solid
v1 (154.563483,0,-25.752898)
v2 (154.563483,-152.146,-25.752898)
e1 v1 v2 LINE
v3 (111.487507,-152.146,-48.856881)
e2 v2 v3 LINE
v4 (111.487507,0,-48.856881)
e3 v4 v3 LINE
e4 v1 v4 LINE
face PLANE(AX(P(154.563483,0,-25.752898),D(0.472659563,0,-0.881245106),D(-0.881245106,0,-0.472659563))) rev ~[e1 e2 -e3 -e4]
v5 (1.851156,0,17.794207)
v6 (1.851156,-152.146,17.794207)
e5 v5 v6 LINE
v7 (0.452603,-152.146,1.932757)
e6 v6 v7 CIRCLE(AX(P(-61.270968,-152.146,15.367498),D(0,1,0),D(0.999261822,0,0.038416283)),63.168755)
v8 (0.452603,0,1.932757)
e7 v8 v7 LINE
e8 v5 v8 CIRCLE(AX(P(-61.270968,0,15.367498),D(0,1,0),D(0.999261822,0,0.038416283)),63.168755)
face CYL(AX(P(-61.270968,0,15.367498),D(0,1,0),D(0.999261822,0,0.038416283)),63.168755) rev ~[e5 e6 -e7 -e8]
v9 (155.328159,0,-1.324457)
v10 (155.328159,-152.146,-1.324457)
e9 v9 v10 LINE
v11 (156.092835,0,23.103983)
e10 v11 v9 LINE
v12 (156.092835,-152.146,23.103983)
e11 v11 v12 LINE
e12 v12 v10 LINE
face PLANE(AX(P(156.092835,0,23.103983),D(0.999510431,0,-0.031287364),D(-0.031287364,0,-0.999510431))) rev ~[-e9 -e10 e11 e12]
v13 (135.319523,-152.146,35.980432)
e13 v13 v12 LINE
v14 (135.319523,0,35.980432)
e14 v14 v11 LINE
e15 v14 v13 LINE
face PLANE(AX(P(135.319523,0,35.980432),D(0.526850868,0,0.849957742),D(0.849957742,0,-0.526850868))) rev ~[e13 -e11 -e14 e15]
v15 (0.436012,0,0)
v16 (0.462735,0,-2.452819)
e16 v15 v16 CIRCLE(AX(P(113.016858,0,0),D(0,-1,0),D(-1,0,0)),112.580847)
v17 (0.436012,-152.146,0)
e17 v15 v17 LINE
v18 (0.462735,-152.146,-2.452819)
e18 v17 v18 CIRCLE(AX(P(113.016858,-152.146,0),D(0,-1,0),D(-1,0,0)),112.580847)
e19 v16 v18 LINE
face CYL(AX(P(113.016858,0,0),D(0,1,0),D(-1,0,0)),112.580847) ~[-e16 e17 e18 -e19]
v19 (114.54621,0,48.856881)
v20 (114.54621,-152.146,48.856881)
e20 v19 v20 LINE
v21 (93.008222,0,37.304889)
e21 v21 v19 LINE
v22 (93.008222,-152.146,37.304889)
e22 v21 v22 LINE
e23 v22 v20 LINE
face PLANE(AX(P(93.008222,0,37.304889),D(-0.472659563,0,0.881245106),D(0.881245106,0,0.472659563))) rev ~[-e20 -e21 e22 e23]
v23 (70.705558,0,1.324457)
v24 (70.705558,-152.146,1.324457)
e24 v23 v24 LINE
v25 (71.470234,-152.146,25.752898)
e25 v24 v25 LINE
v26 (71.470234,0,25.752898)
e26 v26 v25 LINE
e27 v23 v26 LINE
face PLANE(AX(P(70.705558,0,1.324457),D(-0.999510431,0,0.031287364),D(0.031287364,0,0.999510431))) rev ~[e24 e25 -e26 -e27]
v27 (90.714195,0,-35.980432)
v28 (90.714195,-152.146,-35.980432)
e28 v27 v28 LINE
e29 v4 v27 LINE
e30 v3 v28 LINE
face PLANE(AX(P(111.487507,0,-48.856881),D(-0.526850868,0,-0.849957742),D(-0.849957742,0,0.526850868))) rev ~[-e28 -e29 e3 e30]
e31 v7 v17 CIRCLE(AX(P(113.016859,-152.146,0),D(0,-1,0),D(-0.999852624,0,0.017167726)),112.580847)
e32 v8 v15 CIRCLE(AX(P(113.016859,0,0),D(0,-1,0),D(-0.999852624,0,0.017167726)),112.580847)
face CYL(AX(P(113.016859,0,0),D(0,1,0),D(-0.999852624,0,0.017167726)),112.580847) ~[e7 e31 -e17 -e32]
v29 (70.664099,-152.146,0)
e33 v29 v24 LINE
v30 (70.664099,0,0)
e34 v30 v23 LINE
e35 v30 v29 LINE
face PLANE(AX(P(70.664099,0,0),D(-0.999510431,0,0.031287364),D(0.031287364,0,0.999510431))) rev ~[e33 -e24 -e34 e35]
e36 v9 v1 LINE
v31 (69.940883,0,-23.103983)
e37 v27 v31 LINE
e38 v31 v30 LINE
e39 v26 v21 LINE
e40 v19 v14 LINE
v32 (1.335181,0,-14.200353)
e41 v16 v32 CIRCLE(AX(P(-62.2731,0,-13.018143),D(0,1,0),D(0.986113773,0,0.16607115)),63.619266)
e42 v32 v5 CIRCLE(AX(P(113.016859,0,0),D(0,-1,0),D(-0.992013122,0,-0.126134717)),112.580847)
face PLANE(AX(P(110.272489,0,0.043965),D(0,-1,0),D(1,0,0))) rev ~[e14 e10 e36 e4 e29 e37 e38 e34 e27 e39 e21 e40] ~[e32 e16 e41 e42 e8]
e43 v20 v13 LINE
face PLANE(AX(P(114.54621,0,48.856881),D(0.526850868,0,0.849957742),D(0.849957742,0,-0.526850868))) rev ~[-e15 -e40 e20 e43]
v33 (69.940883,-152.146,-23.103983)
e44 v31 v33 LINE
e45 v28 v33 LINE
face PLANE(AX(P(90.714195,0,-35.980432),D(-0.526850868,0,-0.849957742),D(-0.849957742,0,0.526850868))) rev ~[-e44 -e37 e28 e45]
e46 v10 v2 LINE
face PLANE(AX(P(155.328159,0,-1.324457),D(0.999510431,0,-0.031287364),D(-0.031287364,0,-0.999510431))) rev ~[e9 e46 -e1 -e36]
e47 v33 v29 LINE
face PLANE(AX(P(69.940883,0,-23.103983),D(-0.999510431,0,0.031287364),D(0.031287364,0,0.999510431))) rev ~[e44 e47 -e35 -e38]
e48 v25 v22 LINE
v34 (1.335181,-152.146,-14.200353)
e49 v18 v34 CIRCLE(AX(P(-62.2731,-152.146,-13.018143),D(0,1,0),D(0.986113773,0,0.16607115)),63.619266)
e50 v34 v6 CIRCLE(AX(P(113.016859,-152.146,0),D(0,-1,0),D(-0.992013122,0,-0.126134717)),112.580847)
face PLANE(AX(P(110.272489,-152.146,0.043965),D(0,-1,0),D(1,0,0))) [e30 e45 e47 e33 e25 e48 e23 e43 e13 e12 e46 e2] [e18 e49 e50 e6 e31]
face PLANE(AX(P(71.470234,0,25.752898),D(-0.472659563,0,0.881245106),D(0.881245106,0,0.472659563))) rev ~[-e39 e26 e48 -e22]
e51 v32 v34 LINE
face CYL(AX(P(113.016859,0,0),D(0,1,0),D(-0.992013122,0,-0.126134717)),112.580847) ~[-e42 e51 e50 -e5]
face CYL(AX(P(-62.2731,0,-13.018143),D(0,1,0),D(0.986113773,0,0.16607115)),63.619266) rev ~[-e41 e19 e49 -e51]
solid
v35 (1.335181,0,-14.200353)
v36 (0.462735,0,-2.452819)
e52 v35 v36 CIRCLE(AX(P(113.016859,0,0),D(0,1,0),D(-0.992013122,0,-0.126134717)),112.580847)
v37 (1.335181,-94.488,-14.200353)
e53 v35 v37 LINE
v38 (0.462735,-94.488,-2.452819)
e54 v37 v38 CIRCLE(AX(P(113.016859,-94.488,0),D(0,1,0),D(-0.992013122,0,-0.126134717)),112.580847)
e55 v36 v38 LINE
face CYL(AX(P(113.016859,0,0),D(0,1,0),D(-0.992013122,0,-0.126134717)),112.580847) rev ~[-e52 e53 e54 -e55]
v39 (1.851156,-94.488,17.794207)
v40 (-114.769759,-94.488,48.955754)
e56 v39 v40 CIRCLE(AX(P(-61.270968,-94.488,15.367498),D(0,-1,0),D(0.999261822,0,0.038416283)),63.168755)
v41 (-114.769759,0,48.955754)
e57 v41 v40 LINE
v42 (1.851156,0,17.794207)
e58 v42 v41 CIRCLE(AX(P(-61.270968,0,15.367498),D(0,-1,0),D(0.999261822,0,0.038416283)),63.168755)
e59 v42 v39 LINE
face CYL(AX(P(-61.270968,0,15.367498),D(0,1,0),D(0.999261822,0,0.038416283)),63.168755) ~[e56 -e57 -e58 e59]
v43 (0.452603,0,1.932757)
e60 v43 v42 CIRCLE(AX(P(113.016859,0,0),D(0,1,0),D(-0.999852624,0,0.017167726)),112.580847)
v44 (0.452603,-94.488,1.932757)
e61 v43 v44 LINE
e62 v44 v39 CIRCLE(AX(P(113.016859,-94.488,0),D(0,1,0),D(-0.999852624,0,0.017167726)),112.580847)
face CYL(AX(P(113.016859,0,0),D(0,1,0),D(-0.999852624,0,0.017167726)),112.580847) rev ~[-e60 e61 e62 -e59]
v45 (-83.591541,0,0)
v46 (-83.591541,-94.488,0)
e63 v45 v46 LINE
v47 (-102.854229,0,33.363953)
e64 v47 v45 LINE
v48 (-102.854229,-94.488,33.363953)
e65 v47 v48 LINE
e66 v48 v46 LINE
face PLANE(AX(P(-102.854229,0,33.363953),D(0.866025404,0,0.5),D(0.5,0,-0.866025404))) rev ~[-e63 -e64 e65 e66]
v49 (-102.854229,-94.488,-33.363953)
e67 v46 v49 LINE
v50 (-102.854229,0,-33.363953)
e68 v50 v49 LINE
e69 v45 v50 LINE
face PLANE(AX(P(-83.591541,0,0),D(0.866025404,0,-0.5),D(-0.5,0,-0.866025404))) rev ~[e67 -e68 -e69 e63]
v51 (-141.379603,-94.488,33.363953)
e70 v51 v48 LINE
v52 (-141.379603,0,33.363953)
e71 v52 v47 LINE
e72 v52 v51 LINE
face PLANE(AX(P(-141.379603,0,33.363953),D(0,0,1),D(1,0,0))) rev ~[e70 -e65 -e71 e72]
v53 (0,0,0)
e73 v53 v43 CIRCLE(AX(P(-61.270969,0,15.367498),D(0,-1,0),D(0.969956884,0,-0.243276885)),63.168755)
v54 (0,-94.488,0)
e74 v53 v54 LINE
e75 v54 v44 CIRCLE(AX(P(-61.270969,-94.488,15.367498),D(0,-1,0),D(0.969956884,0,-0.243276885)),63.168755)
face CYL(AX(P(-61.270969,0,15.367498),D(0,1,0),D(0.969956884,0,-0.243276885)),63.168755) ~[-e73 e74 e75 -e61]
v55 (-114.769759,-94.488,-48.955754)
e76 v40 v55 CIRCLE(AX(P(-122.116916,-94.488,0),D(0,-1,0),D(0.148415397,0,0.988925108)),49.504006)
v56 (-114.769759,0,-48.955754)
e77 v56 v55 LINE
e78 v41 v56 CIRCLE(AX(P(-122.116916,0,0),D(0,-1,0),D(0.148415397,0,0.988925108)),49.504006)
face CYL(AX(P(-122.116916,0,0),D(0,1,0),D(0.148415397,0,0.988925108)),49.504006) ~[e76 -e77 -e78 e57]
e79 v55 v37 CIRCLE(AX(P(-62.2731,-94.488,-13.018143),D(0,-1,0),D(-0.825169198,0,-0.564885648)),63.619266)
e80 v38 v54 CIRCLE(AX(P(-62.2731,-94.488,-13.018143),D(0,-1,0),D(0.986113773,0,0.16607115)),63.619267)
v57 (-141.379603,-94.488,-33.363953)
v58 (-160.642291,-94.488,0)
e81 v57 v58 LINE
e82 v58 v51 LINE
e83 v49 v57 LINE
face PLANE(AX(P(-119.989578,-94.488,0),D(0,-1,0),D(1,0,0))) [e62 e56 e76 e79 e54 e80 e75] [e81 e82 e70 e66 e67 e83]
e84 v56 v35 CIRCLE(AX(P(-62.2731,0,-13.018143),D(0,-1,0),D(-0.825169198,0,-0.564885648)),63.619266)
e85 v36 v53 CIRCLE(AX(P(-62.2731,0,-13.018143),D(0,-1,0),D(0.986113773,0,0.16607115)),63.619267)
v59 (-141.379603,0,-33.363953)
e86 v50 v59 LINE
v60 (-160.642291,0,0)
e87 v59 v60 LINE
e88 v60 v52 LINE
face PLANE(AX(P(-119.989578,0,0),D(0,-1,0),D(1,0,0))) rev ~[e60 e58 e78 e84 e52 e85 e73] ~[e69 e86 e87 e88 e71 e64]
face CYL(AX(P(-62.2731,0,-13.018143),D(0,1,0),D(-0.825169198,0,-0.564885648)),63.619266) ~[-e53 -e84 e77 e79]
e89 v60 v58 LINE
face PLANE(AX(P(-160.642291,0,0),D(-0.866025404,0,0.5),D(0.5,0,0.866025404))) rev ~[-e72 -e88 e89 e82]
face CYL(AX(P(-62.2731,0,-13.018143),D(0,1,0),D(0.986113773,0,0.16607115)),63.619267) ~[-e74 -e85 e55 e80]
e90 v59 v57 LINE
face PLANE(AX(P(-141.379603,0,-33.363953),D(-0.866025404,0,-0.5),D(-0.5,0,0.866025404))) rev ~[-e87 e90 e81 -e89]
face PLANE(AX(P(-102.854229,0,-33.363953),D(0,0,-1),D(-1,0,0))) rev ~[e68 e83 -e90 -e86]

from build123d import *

# Parameters (mm, degrees)
F1_DEPTH = 152.146
F2_DEPTH = 94.488


with BuildPart() as f1:
    # F0 (on Front) → F1 (new body)
    with BuildSketch(Plane.XZ):
        with BuildLine():
            ThreePointArc((0.4526032795, 1.9327571379), (0.4401595471, 0.9664141762), (0.4360115344, 0))
            ThreePointArc((0.4360115344, 0), (0.4426925247, -1.226482149), (0.4627347027, -2.4528187294))
            ThreePointArc((0.4627347027, -2.4528187294), (1.1714430267, -8.3063495139), (1.3351810791, -14.2003532452))
            ThreePointArc((1.3351810791, -14.2003532452), (120.1312549847, -112.3558299034), (225.5977058595, 0))
            ThreePointArc((225.5977058595, 0), (121.9420537099, 112.226503295), (1.8511564374, 17.7942066128))
            ThreePointArc((1.8511564374, 17.7942066128), (1.6536561877, 9.8192387013), (0.4526032795, 1.9327571379))
        make_face()
        Polygon((69.9408825416, -23.1039831212), (70.6640993439, 0), (70.7055584238, 1.3244574512), (71.4702343077, 25.7528980827), (93.008221817, 37.3048893384), (114.546210463, 48.8568812039), (135.3195228272, 35.9804320574), (156.0928348522, 23.1039831212), (155.3281589943, -1.3244566777), (154.5634830861, -25.7528980827), (133.0254955769, -37.3048893384), (111.4875069308, -48.8568812039), (90.7141945666, -35.9804320574), align=None, mode=Mode.SUBTRACT)
    extrude(amount=F1_DEPTH)


with BuildPart() as f2:
    # F0 (on Front) → F2 (new body)
    with BuildSketch(Plane.XZ):
        with BuildLine():
            ThreePointArc((-114.7697592412, -48.9557540122), (-84.6045163022, -32.3027311445), (-72.6129103709, 0))
            ThreePointArc((-72.6129103709, 0), (-84.6045163022, 32.3027311445), (-114.7697592412, 48.9557540122))
            ThreePointArc((-114.7697592412, 48.9557540122), (-171.6209213923, 0), (-114.7697592412, -48.9557540122))
        make_face()
        Polygon((-102.8542285015, 33.3639532328), (-83.5915411213, 0), (-102.8542285015, -33.3639532328), (-141.3796032618, -33.3639532328), (-160.642290642, 0), (-141.3796032618, 33.3639532328), align=None, mode=Mode.SUBTRACT)
        with BuildLine():
            Line((-72.6129103709, 0), (0, 0))
            ThreePointArc((0, 0), (0.2338940897, 0.9646006075), (0.4526032795, 1.9327571379))
            ThreePointArc((0.4526032795, 1.9327571379), (0.8711058331, 9.8882385913), (1.8511564374, 17.7942066128))
            ThreePointArc((1.8511564374, 17.7942066128), (-44.9641401637, 76.3951876303), (-114.7697592412, 48.9557540122))
            ThreePointArc((-114.7697592412, 48.9557540122), (-84.6045163022, 32.3027311445), (-72.6129103709, 0))
        make_face()
        with BuildLine():
            ThreePointArc((0.4627347027, -2.4528187294), (0.2433979729, -1.2241397367), (0, 0))
            Line((0, 0), (-72.6129103709, 0))
            ThreePointArc((-72.6129103709, 0), (-84.6045163022, -32.3027311445), (-114.7697592412, -48.9557540122))
            ThreePointArc((-114.7697592412, -48.9557540122), (-44.0288817134, -73.9653300711), (1.3351810791, -14.2003532452))
            ThreePointArc((1.3351810791, -14.2003532452), (0.7452023319, -8.3380048497), (0.4627347027, -2.4528187294))
        make_face()
    extrude(amount=F2_DEPTH)


solid = Compound([f1.part, f2.part])
